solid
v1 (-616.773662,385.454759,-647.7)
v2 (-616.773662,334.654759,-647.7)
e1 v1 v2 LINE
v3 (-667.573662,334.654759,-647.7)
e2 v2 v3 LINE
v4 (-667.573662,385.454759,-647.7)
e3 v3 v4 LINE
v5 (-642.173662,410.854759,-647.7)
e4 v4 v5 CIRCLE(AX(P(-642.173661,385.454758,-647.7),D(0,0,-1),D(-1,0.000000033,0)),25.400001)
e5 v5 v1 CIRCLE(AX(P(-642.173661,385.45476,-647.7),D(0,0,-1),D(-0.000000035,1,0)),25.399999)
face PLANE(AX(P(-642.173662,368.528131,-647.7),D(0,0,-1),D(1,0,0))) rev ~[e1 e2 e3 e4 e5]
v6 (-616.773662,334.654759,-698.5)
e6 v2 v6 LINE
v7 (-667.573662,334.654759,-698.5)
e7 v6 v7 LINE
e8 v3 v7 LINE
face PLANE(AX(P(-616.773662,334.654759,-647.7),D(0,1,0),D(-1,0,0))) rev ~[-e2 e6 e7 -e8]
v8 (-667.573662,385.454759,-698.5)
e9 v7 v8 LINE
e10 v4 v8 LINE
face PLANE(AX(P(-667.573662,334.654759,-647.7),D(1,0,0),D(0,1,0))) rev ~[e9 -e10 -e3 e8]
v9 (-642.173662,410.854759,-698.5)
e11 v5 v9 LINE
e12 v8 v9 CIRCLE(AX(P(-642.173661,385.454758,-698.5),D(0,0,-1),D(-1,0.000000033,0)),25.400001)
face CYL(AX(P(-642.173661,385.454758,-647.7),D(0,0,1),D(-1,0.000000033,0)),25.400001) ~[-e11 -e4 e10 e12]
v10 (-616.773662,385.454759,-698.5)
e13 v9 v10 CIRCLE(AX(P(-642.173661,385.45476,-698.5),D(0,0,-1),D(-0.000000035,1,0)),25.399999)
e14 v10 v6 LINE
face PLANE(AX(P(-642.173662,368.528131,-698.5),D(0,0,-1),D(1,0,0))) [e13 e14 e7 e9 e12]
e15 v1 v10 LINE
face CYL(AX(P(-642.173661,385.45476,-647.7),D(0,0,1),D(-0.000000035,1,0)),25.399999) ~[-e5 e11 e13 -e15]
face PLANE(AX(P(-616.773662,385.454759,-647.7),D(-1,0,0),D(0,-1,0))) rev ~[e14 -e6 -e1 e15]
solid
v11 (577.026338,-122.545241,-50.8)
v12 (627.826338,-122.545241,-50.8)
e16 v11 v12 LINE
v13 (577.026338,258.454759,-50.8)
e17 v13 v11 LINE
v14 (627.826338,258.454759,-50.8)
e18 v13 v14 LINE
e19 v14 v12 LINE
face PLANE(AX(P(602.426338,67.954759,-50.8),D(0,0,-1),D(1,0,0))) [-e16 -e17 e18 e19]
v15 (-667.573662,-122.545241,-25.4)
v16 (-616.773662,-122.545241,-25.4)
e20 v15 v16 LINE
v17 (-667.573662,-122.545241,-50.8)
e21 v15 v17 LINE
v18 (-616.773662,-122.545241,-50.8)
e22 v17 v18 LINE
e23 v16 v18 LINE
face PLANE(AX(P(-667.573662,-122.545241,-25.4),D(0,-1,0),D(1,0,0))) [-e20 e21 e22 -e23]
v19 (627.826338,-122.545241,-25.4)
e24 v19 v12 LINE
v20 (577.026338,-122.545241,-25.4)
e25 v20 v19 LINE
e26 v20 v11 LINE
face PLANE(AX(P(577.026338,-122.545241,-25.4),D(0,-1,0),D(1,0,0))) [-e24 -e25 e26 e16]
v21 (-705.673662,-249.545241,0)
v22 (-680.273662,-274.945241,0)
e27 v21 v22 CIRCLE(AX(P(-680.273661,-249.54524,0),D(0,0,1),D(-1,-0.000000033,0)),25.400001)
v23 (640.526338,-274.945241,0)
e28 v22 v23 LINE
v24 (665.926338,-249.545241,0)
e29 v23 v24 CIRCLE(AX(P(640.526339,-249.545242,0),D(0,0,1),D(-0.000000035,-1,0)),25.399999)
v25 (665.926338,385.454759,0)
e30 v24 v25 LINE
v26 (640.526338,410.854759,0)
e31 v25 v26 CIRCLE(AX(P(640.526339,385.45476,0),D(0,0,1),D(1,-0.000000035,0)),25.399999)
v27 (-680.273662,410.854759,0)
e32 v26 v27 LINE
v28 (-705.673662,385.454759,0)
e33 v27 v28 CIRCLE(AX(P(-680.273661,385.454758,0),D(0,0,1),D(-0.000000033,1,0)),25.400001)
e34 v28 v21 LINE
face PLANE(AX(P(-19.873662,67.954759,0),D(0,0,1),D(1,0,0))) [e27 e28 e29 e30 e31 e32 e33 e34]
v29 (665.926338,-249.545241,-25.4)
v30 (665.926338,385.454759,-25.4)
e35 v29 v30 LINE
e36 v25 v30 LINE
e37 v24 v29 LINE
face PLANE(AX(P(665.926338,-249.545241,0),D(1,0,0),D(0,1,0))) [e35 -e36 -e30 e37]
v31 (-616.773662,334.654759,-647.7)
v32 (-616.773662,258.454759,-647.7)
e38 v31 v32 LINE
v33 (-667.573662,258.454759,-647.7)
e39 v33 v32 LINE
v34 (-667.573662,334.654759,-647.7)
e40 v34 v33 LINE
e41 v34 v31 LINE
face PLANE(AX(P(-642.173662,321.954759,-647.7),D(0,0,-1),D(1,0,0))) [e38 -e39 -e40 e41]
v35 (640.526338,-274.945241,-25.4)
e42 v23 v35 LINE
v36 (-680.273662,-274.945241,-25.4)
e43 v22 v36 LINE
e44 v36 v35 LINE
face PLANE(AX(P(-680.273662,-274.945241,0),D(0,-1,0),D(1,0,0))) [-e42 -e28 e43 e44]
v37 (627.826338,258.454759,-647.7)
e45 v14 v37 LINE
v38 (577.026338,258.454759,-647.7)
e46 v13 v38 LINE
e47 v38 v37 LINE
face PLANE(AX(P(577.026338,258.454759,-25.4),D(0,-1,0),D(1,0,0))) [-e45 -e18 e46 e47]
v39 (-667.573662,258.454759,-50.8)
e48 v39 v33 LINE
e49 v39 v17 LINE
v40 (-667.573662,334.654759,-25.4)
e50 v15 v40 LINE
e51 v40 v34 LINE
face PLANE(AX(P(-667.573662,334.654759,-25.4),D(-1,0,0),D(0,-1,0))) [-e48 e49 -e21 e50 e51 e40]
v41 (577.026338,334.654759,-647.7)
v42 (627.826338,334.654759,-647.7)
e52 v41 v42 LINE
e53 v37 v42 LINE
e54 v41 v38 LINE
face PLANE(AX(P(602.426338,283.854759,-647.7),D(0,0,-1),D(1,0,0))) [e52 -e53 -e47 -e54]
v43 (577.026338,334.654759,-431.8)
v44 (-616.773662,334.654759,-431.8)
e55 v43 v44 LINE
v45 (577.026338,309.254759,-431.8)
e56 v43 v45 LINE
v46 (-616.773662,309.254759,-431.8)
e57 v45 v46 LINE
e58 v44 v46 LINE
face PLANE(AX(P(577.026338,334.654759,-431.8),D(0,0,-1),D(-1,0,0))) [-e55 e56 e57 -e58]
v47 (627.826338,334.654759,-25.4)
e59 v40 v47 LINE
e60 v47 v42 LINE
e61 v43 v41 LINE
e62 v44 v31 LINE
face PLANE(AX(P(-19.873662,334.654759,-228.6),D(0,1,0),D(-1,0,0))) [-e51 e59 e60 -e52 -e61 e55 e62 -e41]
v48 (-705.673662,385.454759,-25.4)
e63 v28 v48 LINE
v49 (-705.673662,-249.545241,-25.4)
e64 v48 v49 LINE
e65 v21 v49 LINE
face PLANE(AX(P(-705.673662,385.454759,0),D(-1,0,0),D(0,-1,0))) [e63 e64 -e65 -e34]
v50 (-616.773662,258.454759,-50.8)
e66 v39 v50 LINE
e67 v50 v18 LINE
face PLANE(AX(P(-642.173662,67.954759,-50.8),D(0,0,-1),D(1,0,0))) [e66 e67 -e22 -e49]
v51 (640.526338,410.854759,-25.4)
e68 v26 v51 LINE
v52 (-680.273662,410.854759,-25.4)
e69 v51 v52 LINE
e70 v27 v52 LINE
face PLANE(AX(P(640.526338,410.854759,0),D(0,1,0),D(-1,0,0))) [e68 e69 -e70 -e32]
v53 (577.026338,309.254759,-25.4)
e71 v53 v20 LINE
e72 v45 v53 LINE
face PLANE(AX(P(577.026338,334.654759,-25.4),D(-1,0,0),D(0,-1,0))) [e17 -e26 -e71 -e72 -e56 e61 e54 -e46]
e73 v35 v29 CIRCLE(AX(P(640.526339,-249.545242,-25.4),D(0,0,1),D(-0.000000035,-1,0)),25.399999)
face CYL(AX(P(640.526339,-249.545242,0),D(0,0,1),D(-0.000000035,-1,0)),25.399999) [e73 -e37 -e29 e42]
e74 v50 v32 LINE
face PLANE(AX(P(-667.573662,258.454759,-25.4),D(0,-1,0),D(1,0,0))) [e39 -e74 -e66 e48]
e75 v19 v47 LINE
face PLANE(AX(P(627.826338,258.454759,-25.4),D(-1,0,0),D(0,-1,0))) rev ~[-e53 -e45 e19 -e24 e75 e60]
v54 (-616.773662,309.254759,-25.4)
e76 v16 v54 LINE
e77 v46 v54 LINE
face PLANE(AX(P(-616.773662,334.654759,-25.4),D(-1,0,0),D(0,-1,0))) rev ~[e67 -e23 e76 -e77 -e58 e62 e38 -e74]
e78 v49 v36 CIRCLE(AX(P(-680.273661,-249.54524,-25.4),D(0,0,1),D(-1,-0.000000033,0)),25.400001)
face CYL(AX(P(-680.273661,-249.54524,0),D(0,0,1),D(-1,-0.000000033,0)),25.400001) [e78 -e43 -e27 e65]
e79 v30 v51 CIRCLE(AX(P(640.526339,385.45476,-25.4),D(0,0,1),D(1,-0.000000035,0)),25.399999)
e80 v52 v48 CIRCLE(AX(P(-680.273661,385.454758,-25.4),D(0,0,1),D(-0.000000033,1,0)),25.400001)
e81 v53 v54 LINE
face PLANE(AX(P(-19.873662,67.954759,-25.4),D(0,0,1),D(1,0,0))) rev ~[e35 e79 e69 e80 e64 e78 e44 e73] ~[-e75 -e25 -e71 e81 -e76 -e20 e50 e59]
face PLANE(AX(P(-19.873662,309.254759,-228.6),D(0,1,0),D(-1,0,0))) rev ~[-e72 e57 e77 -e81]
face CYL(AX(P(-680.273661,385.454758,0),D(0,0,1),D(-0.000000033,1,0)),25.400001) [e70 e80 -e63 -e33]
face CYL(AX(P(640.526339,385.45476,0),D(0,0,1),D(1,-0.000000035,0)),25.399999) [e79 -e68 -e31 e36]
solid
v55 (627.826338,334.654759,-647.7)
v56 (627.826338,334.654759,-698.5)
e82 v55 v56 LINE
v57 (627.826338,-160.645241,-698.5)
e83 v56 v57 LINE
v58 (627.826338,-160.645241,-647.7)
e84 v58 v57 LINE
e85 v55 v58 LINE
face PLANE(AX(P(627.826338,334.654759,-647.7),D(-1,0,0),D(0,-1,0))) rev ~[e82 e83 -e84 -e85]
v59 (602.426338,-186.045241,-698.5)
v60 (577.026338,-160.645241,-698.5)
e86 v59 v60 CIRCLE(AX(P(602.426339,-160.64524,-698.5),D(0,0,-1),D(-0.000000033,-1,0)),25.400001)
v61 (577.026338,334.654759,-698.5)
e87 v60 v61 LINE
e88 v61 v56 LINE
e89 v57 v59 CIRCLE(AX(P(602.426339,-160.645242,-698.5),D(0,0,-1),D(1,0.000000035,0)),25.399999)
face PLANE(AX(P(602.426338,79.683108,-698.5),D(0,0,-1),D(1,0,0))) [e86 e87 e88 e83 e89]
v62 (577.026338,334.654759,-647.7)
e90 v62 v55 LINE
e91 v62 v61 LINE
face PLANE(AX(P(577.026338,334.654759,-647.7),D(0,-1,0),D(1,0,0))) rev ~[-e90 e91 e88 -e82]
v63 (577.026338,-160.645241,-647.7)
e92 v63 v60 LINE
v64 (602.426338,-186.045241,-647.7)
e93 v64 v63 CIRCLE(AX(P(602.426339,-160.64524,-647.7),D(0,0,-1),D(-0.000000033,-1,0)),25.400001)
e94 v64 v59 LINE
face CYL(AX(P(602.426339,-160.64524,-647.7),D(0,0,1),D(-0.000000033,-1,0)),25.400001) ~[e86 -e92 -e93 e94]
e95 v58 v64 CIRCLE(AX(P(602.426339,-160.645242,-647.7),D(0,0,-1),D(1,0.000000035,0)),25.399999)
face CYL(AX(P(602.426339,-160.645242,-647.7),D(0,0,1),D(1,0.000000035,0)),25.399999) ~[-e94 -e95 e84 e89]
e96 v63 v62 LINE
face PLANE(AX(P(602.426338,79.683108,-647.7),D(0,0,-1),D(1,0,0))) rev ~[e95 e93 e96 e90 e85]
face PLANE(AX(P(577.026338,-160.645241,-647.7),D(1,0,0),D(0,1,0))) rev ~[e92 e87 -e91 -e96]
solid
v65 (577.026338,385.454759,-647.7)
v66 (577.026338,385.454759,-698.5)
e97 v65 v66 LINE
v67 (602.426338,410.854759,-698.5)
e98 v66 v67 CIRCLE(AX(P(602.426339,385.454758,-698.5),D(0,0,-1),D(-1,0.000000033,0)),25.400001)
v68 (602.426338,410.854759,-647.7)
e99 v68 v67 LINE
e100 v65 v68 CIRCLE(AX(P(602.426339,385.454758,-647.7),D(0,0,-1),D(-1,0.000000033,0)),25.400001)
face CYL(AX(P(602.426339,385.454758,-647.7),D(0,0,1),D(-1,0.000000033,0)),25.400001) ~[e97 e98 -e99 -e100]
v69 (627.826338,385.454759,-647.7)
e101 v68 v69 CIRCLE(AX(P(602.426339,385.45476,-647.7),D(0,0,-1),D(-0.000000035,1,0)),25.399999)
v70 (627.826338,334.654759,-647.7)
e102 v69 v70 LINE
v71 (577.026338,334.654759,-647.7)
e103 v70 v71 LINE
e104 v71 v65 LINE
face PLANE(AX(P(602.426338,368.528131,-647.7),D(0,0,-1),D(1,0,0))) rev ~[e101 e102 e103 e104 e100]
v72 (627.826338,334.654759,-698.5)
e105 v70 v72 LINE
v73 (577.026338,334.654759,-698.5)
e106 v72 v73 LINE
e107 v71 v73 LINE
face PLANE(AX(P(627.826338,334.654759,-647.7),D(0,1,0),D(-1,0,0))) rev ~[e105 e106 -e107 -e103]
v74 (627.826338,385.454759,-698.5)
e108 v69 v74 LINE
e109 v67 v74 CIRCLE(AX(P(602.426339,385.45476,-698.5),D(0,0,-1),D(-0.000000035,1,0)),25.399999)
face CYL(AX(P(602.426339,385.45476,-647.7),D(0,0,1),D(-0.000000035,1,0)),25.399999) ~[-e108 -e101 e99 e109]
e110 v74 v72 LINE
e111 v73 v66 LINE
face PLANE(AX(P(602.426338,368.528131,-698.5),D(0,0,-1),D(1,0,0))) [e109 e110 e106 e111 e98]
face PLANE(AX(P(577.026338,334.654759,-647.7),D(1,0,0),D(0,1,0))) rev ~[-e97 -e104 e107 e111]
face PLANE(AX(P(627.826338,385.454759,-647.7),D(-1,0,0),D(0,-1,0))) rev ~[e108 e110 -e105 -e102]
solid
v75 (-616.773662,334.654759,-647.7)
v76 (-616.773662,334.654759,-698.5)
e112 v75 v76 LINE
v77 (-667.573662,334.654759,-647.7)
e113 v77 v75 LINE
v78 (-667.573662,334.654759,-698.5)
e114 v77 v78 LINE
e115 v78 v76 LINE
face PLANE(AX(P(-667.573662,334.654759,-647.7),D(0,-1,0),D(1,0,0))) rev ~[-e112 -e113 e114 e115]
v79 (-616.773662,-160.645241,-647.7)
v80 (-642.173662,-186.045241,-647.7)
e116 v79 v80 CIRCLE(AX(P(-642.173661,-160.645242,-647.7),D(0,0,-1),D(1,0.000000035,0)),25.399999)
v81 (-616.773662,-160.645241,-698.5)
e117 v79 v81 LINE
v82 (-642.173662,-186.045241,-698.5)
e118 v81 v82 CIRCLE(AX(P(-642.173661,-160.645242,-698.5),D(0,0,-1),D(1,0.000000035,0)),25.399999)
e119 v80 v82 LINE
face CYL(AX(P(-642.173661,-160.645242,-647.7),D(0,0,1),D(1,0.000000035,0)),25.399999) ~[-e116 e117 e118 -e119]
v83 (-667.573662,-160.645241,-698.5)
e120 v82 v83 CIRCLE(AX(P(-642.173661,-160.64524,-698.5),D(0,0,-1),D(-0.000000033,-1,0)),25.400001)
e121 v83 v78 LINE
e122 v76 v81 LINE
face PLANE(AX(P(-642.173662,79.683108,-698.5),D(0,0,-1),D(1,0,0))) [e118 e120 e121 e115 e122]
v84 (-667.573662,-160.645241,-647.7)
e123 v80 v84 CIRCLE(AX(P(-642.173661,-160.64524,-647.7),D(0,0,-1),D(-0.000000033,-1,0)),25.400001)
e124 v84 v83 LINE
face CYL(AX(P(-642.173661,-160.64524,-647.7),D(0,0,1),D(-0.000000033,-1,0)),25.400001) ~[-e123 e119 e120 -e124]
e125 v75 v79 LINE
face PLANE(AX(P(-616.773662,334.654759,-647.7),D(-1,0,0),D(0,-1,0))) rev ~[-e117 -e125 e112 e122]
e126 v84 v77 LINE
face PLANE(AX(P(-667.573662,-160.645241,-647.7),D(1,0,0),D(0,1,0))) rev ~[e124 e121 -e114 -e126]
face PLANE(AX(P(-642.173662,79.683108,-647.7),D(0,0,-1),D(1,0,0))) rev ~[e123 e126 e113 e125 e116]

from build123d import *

# Parameters (mm, degrees)
F1_DEPTH  = 25.4
F2_W      = 50.8
F2_H      = 381
F3_DEPTH  = 25.4
F4_DEPTH  = 25.4
F5_W      = 50.8
F5_H      = 50.8
F6_DEPTH  = 622.3
F7_W      = 50.8
F7_H      = 25.4
F8_DEPTH  = 622.3
F10_DEPTH = 50.8
F12_DEPTH = 50.8
F14_DEPTH = 50.8
F16_DEPTH = 50.8
F17_W     = 1193.8
F17_H     = 406.4
F18_DEPTH = 25.4


with BuildPart() as f1:
    # F0 (on Top) → F1 (new body)
    with BuildSketch(Plane.XY):
        with BuildLine():
            ThreePointArc((-705.673662, -249.545241), (-698.234174, -267.505753), (-680.273662, -274.945241))
            Line((-680.273662, -274.945241), (640.526338, -274.945241))
            ThreePointArc((640.526338, -274.945241), (658.486851, -267.505753), (665.926338, -249.545241))
            Line((665.926338, -249.545241), (665.926338, 385.454759))
            ThreePointArc((665.926338, 385.454759), (658.486851, 403.415271), (640.526338, 410.854759))
            Line((640.526338, 410.854759), (-680.273662, 410.854759))
            ThreePointArc((-680.273662, 410.854759), (-698.234174, 403.415271), (-705.673662, 385.454759))
            Line((-705.673662, 385.454759), (-705.673662, -249.545241))
        make_face()
    extrude(amount=-F1_DEPTH)

    # F2 (on face) → F3 (join)
    with BuildSketch(Plane(origin=(0, 0, -25.4), x_dir=(1, 0, 0), z_dir=(0, 0, -1))):
        with Locations((-642.173662, -67.954759)):
            Rectangle(F2_W, F2_H)
        with Locations((602.426338, -67.954759)):
            Rectangle(F2_W, F2_H)
    extrude(amount=F3_DEPTH)

    # F2 (on face) → F4 (join)
    with BuildSketch(Plane(origin=(0, 0, -25.4), x_dir=(1, 0, 0), z_dir=(0, 0, -1))):
        with Locations((-642.173662, -67.954759)):
            Rectangle(F2_W, F2_H)
        with Locations((602.426338, -67.954759)):
            Rectangle(F2_W, F2_H)
    extrude(amount=F4_DEPTH)

    # F5 (on face) → F6 (join)
    with BuildSketch(Plane(origin=(0, 0, -25.4), x_dir=(1, 0, 0), z_dir=(0, 0, -1))):
        with Locations((-642.173662, -283.854759)):
            Rectangle(F5_W, F5_H)
        with Locations((602.426338, -283.854759)):
            Rectangle(F5_W, F5_H)
    extrude(amount=F6_DEPTH)

    # F7 (on face) → F8 (join)
    with BuildSketch(Plane(origin=(0, 0, -25.4), x_dir=(1, 0, 0), z_dir=(0, 0, -1))):
        with Locations((-642.173662, -321.954759)):
            Rectangle(F7_W, F7_H)
        with Locations((602.426338, -321.954759)):
            Rectangle(F7_W, F7_H)
    extrude(amount=F8_DEPTH)

    # F17 (on face) → F18 (join)
    with BuildSketch(Plane(origin=(0, 334.654759, 0), x_dir=(-1, 0, 0), z_dir=(0, 1, 0))):
        with Locations((19.873662, -228.6)):
            Rectangle(F17_W, F17_H)
    extrude(amount=-F18_DEPTH)


with BuildPart() as f10:
    # F9 (on face) → F10 (new body)
    with BuildSketch(Plane(origin=(0, 0, -647.7), x_dir=(1, 0, 0), z_dir=(0, 0, -1))):
        with BuildLine():
            Line((-616.773662, -334.654759), (-667.573662, -334.654759))
            Line((-667.573662, -334.654759), (-667.573662, -385.454759))
            ThreePointArc((-667.573662, -385.454759), (-660.134174, -403.415271), (-642.173662, -410.854759))
            ThreePointArc((-642.173662, -410.854759), (-624.213149, -403.415271), (-616.773662, -385.454759))
            Line((-616.773662, -385.454759), (-616.773662, -334.654759))
        make_face()
    extrude(amount=F10_DEPTH)


with BuildPart() as f12:
    # F11 (on face) → F12 (new body)
    with BuildSketch(Plane(origin=(0, 0, -647.7), x_dir=(1, 0, 0), z_dir=(0, 0, -1))):
        with BuildLine():
            Line((-667.573662, 160.645241), (-667.573662, -334.654759))
            Line((-667.573662, -334.654759), (-616.773662, -334.654759))
            Line((-616.773662, -334.654759), (-616.773662, 160.645241))
            ThreePointArc((-616.773662, 160.645241), (-624.213149, 178.605753), (-642.173662, 186.045241))
            ThreePointArc((-642.173662, 186.045241), (-660.134174, 178.605753), (-667.573662, 160.645241))
        make_face()
    extrude(amount=F12_DEPTH)


with BuildPart() as f14:
    # F13 (on face) → F14 (new body)
    with BuildSketch(Plane(origin=(0, 0, -647.7), x_dir=(1, 0, 0), z_dir=(0, 0, -1))):
        with BuildLine():
            Line((627.826338, -334.654759), (577.026338, -334.654759))
            Line((577.026338, -334.654759), (577.026338, -385.454759))
            ThreePointArc((577.026338, -385.454759), (584.465826, -403.415271), (602.426338, -410.854759))
            ThreePointArc((602.426338, -410.854759), (620.386851, -403.415271), (627.826338, -385.454759))
            Line((627.826338, -385.454759), (627.826338, -334.654759))
        make_face()
    extrude(amount=F14_DEPTH)


with BuildPart() as f16:
    # F15 (on face) → F16 (new body)
    with BuildSketch(Plane(origin=(0, 0, -647.7), x_dir=(1, 0, 0), z_dir=(0, 0, -1))):
        with BuildLine():
            Line((577.026338, 160.645241), (577.026338, -334.654759))
            Line((577.026338, -334.654759), (627.826338, -334.654759))
            Line((627.826338, -334.654759), (627.826338, 160.645241))
            ThreePointArc((627.826338, 160.645241), (620.386851, 178.605753), (602.426338, 186.045241))
            ThreePointArc((602.426338, 186.045241), (584.465826, 178.605753), (577.026338, 160.645241))
        make_face()
    extrude(amount=F16_DEPTH)


solid = Compound([f1.part, f10.part, f12.part, f14.part, f16.part])
